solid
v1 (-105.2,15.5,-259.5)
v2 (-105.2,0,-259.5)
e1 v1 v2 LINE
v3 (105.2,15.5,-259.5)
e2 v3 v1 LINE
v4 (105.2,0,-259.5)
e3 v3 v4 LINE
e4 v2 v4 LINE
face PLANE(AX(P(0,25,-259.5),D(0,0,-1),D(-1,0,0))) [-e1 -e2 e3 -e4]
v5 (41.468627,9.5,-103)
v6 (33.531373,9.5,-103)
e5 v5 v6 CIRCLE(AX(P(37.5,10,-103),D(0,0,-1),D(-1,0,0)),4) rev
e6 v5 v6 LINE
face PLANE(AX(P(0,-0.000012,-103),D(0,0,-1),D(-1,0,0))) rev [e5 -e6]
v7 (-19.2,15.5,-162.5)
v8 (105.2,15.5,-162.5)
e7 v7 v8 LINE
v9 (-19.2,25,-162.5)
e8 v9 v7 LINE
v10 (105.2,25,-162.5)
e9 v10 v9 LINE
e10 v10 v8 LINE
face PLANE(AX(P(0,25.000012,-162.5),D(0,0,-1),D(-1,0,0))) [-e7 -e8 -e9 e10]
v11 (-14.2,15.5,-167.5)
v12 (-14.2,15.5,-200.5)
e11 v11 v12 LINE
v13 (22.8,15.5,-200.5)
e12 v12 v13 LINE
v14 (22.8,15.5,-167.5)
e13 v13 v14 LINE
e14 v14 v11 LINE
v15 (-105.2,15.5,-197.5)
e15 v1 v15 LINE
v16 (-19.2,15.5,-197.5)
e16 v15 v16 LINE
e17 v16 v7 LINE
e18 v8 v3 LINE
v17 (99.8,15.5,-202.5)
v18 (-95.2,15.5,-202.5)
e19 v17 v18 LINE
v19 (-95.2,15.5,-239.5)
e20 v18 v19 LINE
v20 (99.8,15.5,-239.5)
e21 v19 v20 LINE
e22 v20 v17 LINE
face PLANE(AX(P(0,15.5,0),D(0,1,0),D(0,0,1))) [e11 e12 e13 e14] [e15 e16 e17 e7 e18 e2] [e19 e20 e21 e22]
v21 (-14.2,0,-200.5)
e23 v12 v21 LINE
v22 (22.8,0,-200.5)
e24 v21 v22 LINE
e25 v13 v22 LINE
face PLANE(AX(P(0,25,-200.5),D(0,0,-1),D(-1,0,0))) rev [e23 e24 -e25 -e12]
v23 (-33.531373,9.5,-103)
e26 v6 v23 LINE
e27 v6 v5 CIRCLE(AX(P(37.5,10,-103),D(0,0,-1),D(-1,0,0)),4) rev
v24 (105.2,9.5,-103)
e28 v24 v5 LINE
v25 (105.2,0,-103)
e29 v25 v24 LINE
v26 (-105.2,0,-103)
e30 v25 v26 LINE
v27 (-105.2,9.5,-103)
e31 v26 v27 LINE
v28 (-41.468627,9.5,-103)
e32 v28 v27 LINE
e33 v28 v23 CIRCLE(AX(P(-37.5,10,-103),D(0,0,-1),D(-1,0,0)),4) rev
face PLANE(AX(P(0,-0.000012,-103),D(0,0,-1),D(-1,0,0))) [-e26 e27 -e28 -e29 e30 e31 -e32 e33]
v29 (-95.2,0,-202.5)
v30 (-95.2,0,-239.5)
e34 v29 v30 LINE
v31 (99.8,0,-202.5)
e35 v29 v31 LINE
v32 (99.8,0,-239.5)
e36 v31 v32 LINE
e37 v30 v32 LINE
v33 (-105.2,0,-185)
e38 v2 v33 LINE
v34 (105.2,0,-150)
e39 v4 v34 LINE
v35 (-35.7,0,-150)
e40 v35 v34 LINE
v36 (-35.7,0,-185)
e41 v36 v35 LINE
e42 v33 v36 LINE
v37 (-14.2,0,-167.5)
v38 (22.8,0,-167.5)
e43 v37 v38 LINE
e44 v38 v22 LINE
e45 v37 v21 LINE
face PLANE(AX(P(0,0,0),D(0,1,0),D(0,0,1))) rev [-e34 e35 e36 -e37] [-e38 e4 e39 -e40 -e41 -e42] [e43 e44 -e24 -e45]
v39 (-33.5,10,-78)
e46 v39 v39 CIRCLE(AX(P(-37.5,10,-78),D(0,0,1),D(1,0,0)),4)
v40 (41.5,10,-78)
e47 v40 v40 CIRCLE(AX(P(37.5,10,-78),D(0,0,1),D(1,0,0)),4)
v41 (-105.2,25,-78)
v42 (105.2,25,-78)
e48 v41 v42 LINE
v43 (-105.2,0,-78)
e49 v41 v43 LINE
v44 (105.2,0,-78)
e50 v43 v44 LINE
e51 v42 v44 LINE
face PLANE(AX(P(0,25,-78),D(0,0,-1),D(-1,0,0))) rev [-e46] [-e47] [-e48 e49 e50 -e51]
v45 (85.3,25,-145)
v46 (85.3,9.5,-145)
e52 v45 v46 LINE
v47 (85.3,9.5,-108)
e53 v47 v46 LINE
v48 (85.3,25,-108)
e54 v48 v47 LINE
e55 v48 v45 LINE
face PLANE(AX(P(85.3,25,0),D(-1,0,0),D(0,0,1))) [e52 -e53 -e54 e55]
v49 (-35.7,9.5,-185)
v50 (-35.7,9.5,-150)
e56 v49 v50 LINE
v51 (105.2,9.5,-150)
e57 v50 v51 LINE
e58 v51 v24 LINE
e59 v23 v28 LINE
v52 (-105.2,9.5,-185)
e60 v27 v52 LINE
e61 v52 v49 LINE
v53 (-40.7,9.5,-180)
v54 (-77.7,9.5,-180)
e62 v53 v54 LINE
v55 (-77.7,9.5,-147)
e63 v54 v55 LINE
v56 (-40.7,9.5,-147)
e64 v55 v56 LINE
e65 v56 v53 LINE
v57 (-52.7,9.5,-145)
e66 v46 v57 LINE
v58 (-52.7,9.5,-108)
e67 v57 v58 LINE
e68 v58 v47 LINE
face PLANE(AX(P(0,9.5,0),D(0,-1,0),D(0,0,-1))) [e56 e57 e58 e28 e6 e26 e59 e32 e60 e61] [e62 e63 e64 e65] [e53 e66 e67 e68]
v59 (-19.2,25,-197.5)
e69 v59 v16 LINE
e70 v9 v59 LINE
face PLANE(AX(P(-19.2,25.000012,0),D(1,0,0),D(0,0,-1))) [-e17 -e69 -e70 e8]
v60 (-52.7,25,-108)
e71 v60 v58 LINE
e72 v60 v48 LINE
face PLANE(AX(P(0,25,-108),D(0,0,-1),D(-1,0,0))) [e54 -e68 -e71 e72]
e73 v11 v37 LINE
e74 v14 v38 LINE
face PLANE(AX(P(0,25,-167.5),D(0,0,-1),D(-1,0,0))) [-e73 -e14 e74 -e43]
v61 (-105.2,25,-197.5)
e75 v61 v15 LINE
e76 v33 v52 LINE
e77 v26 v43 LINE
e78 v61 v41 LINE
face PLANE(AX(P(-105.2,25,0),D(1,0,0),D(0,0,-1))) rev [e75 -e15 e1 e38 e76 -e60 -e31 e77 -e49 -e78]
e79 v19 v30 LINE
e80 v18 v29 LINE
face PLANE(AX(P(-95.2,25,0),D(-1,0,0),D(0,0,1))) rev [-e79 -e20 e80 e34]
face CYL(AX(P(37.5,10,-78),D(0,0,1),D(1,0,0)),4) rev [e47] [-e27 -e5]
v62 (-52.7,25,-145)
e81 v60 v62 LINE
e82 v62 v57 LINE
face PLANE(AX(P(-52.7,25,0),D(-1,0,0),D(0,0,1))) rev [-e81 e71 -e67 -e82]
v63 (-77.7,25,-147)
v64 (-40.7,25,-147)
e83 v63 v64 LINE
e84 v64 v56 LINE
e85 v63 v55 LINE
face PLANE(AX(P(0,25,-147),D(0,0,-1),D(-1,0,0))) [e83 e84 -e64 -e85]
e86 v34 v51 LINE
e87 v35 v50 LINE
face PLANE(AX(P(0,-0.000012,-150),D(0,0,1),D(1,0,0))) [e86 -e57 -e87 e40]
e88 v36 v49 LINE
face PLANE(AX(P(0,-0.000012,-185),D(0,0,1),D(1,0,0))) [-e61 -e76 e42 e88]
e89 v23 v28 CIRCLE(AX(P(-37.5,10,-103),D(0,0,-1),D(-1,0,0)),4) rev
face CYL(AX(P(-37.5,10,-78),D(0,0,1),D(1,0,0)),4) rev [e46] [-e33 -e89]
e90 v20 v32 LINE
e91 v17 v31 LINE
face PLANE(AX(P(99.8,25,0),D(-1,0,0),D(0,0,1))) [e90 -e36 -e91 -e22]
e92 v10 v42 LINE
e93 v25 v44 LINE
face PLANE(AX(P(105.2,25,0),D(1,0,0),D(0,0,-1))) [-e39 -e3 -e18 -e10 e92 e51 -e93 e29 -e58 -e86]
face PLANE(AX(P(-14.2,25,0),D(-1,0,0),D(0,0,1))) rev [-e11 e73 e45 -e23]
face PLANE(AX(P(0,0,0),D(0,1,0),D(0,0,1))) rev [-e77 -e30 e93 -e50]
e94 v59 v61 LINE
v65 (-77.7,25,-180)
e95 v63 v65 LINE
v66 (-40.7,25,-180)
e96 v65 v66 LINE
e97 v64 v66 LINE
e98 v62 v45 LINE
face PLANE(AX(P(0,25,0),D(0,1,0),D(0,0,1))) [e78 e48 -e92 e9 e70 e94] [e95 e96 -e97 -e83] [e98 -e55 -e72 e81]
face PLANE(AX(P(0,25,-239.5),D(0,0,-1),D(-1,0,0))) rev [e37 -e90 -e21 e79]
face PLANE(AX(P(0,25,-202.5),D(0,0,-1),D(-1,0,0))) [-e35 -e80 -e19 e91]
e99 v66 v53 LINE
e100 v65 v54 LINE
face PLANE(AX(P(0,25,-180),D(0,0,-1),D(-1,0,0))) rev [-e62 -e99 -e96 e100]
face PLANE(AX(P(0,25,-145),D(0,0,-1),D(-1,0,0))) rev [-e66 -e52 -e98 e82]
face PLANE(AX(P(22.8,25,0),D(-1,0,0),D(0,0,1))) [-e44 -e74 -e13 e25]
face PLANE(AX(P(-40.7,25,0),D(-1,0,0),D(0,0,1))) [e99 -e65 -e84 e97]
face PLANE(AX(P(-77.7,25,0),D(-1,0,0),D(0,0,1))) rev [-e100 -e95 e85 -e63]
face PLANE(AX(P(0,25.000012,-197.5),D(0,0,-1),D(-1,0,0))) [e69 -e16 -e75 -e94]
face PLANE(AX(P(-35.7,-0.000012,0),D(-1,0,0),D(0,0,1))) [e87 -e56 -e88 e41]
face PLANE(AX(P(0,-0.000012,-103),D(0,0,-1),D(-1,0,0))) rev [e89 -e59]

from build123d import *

# Parameters (mm, degrees)
SKETCH1_W                 = 210.4
SKETCH1_H                 = 181.5
SKETCH1_W_2               = 138
SKETCH1_H_2               = 37
SKETCH1_W_3               = 37
SKETCH1_H_3               = 33
SKETCH1_W_4               = 195
BOSS_EXTRUDE1_DEPTH       = 25
SKETCH2_W                 = 37
SKETCH2_H                 = 33
SKETCH2_W_2               = 195
SKETCH2_H_2               = 37
CUT_EXTRUDE1_DEPTH        = 282.126821915
CUT_EXTRUDE1_DEPTH_BACK   = 9.5
SKETCH3_W                 = 37
SKETCH3_H                 = 33
SKETCH3_W_2               = 138
SKETCH3_H_2               = 37
CUT_EXTRUDE2_DEPTH        = 282.126821915
CUT_EXTRUDE2_DEPTH_BACK   = 9.5
F_8_0MM_DOWEL_HOLE1_D     = 8
F_8_0MM_DOWEL_HOLE1_DEPTH = 25


with BuildPart() as part:
    # Sketch1 → Boss-Extrude1 (new body)
    with BuildSketch(Plane(origin=(0, 0, 0), x_dir=(1, 0, 0), z_dir=(0, 1, 0))):
        with Locations((0, 168.75)):
            Rectangle(SKETCH1_W, SKETCH1_H)
        with Locations((16.3, 126.5)):
            Rectangle(SKETCH1_W_2, SKETCH1_H_2, mode=Mode.SUBTRACT)
        with Locations((-59.2, 163.5)):
            Rectangle(SKETCH1_W_3, SKETCH1_H_3, mode=Mode.SUBTRACT)
        with Locations((4.3, 184)):
            Rectangle(SKETCH1_W_3, SKETCH1_H_3, mode=Mode.SUBTRACT)
        with Locations((2.3, 221)):
            Rectangle(SKETCH1_W_4, SKETCH1_H_2, mode=Mode.SUBTRACT)
    extrude(amount=BOSS_EXTRUDE1_DEPTH)

    # Sketch2 → Cut-Extrude1 (cut, two sides)
    with BuildSketch(Plane(origin=(0, 25, 0), x_dir=(1, 0, 0), z_dir=(0, 1, 0))) as cut_extrude1_sk:
        Polygon((-105.2, 259.5), (-105.2, 197.5), (-19.2, 197.5), (-19.2, 162.5), (105.2, 162.5), (105.2, 259.5), align=None)
        with Locations((4.3, 184)):
            Rectangle(SKETCH2_W, SKETCH2_H, mode=Mode.SUBTRACT)
        with Locations((2.3, 221)):
            Rectangle(SKETCH2_W_2, SKETCH2_H_2, mode=Mode.SUBTRACT)
    extrude(amount=CUT_EXTRUDE1_DEPTH, mode=Mode.SUBTRACT)
    extrude(cut_extrude1_sk.sketch, amount=-CUT_EXTRUDE1_DEPTH_BACK, mode=Mode.SUBTRACT)

    # Sketch3 → Cut-Extrude2 (cut, two sides)
    with BuildSketch(Plane.XZ) as cut_extrude2_sk:
        Polygon((-105.2, -103), (-105.2, -185), (-35.7, -185), (-35.7, -150), (105.2, -150), (105.2, -103), align=None)
        with Locations((-59.2, -163.5)):
            Rectangle(SKETCH3_W, SKETCH3_H, mode=Mode.SUBTRACT)
        with Locations((16.3, -126.5)):
            Rectangle(SKETCH3_W_2, SKETCH3_H_2, mode=Mode.SUBTRACT)
    extrude(amount=CUT_EXTRUDE2_DEPTH, mode=Mode.SUBTRACT)
    extrude(cut_extrude2_sk.sketch, amount=-CUT_EXTRUDE2_DEPTH_BACK, mode=Mode.SUBTRACT)

    # Ø8.0mm Dowel Hole1
    with Locations(Plane(origin=(-37.5, 10, -78), x_dir=(1, 0, 0), z_dir=(0, 0, 1))):
        with Locations((0, 0), (75, 0)):
            Hole(F_8_0MM_DOWEL_HOLE1_D / 2, depth=F_8_0MM_DOWEL_HOLE1_DEPTH)


solid = part.part
